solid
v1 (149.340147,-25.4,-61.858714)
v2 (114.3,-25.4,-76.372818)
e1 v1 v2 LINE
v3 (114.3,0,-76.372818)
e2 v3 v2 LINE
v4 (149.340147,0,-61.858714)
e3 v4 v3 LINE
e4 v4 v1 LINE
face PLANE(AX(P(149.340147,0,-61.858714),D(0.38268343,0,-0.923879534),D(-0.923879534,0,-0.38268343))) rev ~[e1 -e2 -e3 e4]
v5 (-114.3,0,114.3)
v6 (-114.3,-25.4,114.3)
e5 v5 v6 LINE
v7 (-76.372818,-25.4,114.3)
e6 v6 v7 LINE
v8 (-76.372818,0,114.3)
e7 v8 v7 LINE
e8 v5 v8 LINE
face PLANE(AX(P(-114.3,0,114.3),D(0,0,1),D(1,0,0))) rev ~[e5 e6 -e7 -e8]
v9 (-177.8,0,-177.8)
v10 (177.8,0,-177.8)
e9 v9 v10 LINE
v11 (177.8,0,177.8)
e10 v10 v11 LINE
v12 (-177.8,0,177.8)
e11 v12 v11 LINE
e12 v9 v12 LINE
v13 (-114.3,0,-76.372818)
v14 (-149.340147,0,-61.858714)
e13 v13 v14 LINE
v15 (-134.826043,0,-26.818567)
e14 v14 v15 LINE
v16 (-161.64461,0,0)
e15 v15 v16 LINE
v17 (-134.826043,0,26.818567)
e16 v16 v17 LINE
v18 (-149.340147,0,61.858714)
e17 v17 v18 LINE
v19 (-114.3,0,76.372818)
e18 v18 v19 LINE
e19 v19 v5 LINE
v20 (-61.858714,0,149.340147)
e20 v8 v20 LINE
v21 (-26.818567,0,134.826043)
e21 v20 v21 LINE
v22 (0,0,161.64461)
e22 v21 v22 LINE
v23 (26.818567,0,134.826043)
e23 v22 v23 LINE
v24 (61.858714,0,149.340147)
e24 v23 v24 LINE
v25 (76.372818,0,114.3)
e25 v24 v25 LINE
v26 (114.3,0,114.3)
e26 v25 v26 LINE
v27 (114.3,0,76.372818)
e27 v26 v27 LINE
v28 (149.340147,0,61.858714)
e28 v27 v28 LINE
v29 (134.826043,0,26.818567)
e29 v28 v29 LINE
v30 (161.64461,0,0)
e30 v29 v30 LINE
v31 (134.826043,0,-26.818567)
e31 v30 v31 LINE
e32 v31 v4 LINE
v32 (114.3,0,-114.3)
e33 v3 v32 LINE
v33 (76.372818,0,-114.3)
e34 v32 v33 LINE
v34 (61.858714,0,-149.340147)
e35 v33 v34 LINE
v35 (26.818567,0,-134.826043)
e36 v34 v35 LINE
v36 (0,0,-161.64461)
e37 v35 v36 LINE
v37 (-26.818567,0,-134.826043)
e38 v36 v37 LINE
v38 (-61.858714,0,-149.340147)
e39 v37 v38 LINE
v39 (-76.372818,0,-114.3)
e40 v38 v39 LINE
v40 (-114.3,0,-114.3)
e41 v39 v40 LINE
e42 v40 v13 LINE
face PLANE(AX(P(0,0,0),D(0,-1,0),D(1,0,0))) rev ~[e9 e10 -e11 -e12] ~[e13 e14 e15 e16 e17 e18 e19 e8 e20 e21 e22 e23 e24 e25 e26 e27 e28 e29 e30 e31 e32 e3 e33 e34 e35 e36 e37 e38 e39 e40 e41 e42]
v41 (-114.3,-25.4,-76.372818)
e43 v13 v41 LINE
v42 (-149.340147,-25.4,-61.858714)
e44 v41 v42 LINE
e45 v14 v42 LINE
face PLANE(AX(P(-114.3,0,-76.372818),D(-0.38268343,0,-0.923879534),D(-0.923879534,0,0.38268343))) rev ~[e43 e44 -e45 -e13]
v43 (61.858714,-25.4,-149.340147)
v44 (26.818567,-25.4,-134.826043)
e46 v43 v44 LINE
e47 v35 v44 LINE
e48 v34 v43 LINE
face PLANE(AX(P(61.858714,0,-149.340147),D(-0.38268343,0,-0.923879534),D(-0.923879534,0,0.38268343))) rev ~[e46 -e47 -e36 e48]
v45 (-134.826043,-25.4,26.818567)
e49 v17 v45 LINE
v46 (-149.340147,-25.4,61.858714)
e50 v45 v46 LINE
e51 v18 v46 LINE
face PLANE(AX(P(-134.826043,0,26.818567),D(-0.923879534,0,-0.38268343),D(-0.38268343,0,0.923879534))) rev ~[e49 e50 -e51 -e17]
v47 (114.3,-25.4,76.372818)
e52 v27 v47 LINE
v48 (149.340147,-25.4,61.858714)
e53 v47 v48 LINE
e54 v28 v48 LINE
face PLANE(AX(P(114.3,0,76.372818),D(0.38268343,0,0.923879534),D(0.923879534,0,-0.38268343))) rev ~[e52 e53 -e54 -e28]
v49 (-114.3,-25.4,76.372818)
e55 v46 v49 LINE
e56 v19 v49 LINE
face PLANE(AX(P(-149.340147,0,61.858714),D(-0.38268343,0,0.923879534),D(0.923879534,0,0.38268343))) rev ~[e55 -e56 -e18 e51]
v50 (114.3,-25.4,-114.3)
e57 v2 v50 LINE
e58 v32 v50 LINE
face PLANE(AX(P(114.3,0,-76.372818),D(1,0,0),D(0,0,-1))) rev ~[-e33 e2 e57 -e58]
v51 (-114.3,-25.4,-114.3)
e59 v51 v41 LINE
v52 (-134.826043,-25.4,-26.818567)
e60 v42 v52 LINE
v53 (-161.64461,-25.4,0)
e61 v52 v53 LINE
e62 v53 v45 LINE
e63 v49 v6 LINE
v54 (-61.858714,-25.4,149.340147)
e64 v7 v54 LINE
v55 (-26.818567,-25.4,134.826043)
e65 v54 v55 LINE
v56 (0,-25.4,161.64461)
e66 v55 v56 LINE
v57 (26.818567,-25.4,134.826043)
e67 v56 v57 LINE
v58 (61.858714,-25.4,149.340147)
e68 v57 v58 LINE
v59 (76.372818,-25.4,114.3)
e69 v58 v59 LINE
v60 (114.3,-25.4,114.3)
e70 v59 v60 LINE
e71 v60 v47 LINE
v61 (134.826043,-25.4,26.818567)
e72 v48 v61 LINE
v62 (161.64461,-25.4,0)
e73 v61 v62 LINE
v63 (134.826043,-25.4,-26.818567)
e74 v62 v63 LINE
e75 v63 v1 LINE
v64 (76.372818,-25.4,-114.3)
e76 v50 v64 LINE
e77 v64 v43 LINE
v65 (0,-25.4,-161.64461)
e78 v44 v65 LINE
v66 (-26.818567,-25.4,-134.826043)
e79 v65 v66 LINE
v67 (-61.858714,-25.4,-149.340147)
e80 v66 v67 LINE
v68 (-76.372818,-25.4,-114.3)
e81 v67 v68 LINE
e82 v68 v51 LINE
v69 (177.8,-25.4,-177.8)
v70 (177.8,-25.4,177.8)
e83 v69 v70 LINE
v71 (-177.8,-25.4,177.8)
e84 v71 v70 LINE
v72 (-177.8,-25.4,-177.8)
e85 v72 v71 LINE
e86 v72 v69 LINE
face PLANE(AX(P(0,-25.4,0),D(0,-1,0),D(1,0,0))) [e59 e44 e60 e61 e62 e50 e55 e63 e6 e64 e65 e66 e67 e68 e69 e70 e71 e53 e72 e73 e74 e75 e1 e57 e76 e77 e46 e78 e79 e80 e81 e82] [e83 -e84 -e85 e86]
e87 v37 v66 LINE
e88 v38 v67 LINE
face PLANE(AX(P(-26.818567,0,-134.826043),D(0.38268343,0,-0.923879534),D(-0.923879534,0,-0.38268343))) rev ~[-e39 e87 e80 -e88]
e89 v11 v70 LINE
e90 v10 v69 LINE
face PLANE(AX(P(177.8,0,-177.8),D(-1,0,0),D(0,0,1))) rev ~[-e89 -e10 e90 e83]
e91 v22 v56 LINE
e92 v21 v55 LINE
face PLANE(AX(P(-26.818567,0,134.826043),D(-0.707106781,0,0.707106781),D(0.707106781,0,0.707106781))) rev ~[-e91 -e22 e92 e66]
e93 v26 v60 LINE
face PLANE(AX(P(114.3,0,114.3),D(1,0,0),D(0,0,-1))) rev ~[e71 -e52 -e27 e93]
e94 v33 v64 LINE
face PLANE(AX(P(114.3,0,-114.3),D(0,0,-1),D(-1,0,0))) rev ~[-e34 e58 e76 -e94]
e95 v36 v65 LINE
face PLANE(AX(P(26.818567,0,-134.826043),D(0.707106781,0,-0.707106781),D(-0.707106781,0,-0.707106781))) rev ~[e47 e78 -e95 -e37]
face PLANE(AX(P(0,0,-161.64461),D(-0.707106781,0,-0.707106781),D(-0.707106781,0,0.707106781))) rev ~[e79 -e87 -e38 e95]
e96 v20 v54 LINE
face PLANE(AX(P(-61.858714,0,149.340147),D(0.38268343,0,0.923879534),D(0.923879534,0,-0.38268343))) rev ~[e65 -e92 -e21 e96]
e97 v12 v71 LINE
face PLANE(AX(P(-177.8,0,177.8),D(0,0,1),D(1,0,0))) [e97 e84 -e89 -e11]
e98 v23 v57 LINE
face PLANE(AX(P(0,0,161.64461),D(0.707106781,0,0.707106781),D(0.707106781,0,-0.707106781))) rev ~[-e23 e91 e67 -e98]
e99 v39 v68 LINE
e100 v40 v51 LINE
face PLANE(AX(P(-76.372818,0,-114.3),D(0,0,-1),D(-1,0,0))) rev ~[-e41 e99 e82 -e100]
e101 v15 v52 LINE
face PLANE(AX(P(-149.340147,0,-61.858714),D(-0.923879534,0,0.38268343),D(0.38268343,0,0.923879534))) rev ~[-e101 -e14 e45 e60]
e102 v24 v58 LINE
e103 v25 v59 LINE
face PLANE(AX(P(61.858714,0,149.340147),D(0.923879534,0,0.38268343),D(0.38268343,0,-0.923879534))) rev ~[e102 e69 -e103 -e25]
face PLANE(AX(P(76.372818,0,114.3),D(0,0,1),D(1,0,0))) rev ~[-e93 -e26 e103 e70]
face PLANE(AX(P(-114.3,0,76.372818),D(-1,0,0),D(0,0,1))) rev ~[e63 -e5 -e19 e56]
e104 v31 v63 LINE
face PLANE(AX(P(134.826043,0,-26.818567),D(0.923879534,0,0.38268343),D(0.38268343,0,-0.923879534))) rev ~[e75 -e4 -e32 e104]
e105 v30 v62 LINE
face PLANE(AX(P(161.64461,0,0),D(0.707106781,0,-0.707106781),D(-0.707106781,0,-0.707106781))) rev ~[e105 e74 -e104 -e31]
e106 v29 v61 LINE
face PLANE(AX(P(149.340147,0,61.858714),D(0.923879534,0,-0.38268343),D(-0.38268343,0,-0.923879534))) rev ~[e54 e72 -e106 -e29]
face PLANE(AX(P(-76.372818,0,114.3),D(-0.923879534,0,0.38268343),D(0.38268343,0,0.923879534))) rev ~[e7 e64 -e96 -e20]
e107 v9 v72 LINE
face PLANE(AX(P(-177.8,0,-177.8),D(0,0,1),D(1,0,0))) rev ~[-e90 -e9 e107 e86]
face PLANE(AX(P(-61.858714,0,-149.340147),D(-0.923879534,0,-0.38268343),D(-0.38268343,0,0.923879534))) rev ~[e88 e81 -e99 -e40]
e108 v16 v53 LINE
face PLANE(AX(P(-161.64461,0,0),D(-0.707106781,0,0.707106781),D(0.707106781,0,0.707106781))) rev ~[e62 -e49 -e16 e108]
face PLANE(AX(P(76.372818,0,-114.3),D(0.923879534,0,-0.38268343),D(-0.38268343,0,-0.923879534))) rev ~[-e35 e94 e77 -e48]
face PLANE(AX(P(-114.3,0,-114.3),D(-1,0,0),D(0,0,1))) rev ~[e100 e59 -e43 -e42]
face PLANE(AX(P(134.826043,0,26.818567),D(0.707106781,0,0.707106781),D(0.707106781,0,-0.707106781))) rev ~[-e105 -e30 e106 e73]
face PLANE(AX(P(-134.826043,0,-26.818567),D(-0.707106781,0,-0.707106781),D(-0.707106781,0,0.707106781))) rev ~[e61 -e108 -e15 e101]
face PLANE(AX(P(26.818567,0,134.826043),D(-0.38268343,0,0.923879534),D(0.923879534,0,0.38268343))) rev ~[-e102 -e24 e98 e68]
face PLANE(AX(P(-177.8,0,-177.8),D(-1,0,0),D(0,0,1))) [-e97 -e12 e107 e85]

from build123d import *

# Parameters (mm, degrees)
F0_W     = 355.6
F0_H     = 355.6
F1_DEPTH = 25.4


with BuildPart() as f1:
    # F0 (on Front) → F1 (new body)
    with BuildSketch(Plane.XZ):
        Rectangle(F0_W, F0_H)
        Polygon((76.372818, 114.3), (114.3, 114.3), (114.3, 76.372818), (149.340147, 61.858714), (134.826043, 26.818567), (161.64461, 0), (134.826043, -26.818567), (149.340147, -61.858714), (114.3, -76.372818), (114.3, -114.3), (76.372818, -114.3), (61.858714, -149.340147), (26.818567, -134.826043), (0, -161.64461), (-26.818567, -134.826043), (-61.858714, -149.340147), (-76.372818, -114.3), (-114.3, -114.3), (-114.3, -76.372818), (-149.340147, -61.858714), (-134.826043, -26.818567), (-161.64461, 0), (-134.826043, 26.818567), (-149.340147, 61.858714), (-114.3, 76.372818), (-114.3, 114.3), (-76.372818, 114.3), (-61.858714, 149.340147), (-26.818567, 134.826043), (0, 161.64461), (26.818567, 134.826043), (61.858714, 149.340147), align=None, mode=Mode.SUBTRACT)
    extrude(amount=F1_DEPTH)


solid = f1.part
